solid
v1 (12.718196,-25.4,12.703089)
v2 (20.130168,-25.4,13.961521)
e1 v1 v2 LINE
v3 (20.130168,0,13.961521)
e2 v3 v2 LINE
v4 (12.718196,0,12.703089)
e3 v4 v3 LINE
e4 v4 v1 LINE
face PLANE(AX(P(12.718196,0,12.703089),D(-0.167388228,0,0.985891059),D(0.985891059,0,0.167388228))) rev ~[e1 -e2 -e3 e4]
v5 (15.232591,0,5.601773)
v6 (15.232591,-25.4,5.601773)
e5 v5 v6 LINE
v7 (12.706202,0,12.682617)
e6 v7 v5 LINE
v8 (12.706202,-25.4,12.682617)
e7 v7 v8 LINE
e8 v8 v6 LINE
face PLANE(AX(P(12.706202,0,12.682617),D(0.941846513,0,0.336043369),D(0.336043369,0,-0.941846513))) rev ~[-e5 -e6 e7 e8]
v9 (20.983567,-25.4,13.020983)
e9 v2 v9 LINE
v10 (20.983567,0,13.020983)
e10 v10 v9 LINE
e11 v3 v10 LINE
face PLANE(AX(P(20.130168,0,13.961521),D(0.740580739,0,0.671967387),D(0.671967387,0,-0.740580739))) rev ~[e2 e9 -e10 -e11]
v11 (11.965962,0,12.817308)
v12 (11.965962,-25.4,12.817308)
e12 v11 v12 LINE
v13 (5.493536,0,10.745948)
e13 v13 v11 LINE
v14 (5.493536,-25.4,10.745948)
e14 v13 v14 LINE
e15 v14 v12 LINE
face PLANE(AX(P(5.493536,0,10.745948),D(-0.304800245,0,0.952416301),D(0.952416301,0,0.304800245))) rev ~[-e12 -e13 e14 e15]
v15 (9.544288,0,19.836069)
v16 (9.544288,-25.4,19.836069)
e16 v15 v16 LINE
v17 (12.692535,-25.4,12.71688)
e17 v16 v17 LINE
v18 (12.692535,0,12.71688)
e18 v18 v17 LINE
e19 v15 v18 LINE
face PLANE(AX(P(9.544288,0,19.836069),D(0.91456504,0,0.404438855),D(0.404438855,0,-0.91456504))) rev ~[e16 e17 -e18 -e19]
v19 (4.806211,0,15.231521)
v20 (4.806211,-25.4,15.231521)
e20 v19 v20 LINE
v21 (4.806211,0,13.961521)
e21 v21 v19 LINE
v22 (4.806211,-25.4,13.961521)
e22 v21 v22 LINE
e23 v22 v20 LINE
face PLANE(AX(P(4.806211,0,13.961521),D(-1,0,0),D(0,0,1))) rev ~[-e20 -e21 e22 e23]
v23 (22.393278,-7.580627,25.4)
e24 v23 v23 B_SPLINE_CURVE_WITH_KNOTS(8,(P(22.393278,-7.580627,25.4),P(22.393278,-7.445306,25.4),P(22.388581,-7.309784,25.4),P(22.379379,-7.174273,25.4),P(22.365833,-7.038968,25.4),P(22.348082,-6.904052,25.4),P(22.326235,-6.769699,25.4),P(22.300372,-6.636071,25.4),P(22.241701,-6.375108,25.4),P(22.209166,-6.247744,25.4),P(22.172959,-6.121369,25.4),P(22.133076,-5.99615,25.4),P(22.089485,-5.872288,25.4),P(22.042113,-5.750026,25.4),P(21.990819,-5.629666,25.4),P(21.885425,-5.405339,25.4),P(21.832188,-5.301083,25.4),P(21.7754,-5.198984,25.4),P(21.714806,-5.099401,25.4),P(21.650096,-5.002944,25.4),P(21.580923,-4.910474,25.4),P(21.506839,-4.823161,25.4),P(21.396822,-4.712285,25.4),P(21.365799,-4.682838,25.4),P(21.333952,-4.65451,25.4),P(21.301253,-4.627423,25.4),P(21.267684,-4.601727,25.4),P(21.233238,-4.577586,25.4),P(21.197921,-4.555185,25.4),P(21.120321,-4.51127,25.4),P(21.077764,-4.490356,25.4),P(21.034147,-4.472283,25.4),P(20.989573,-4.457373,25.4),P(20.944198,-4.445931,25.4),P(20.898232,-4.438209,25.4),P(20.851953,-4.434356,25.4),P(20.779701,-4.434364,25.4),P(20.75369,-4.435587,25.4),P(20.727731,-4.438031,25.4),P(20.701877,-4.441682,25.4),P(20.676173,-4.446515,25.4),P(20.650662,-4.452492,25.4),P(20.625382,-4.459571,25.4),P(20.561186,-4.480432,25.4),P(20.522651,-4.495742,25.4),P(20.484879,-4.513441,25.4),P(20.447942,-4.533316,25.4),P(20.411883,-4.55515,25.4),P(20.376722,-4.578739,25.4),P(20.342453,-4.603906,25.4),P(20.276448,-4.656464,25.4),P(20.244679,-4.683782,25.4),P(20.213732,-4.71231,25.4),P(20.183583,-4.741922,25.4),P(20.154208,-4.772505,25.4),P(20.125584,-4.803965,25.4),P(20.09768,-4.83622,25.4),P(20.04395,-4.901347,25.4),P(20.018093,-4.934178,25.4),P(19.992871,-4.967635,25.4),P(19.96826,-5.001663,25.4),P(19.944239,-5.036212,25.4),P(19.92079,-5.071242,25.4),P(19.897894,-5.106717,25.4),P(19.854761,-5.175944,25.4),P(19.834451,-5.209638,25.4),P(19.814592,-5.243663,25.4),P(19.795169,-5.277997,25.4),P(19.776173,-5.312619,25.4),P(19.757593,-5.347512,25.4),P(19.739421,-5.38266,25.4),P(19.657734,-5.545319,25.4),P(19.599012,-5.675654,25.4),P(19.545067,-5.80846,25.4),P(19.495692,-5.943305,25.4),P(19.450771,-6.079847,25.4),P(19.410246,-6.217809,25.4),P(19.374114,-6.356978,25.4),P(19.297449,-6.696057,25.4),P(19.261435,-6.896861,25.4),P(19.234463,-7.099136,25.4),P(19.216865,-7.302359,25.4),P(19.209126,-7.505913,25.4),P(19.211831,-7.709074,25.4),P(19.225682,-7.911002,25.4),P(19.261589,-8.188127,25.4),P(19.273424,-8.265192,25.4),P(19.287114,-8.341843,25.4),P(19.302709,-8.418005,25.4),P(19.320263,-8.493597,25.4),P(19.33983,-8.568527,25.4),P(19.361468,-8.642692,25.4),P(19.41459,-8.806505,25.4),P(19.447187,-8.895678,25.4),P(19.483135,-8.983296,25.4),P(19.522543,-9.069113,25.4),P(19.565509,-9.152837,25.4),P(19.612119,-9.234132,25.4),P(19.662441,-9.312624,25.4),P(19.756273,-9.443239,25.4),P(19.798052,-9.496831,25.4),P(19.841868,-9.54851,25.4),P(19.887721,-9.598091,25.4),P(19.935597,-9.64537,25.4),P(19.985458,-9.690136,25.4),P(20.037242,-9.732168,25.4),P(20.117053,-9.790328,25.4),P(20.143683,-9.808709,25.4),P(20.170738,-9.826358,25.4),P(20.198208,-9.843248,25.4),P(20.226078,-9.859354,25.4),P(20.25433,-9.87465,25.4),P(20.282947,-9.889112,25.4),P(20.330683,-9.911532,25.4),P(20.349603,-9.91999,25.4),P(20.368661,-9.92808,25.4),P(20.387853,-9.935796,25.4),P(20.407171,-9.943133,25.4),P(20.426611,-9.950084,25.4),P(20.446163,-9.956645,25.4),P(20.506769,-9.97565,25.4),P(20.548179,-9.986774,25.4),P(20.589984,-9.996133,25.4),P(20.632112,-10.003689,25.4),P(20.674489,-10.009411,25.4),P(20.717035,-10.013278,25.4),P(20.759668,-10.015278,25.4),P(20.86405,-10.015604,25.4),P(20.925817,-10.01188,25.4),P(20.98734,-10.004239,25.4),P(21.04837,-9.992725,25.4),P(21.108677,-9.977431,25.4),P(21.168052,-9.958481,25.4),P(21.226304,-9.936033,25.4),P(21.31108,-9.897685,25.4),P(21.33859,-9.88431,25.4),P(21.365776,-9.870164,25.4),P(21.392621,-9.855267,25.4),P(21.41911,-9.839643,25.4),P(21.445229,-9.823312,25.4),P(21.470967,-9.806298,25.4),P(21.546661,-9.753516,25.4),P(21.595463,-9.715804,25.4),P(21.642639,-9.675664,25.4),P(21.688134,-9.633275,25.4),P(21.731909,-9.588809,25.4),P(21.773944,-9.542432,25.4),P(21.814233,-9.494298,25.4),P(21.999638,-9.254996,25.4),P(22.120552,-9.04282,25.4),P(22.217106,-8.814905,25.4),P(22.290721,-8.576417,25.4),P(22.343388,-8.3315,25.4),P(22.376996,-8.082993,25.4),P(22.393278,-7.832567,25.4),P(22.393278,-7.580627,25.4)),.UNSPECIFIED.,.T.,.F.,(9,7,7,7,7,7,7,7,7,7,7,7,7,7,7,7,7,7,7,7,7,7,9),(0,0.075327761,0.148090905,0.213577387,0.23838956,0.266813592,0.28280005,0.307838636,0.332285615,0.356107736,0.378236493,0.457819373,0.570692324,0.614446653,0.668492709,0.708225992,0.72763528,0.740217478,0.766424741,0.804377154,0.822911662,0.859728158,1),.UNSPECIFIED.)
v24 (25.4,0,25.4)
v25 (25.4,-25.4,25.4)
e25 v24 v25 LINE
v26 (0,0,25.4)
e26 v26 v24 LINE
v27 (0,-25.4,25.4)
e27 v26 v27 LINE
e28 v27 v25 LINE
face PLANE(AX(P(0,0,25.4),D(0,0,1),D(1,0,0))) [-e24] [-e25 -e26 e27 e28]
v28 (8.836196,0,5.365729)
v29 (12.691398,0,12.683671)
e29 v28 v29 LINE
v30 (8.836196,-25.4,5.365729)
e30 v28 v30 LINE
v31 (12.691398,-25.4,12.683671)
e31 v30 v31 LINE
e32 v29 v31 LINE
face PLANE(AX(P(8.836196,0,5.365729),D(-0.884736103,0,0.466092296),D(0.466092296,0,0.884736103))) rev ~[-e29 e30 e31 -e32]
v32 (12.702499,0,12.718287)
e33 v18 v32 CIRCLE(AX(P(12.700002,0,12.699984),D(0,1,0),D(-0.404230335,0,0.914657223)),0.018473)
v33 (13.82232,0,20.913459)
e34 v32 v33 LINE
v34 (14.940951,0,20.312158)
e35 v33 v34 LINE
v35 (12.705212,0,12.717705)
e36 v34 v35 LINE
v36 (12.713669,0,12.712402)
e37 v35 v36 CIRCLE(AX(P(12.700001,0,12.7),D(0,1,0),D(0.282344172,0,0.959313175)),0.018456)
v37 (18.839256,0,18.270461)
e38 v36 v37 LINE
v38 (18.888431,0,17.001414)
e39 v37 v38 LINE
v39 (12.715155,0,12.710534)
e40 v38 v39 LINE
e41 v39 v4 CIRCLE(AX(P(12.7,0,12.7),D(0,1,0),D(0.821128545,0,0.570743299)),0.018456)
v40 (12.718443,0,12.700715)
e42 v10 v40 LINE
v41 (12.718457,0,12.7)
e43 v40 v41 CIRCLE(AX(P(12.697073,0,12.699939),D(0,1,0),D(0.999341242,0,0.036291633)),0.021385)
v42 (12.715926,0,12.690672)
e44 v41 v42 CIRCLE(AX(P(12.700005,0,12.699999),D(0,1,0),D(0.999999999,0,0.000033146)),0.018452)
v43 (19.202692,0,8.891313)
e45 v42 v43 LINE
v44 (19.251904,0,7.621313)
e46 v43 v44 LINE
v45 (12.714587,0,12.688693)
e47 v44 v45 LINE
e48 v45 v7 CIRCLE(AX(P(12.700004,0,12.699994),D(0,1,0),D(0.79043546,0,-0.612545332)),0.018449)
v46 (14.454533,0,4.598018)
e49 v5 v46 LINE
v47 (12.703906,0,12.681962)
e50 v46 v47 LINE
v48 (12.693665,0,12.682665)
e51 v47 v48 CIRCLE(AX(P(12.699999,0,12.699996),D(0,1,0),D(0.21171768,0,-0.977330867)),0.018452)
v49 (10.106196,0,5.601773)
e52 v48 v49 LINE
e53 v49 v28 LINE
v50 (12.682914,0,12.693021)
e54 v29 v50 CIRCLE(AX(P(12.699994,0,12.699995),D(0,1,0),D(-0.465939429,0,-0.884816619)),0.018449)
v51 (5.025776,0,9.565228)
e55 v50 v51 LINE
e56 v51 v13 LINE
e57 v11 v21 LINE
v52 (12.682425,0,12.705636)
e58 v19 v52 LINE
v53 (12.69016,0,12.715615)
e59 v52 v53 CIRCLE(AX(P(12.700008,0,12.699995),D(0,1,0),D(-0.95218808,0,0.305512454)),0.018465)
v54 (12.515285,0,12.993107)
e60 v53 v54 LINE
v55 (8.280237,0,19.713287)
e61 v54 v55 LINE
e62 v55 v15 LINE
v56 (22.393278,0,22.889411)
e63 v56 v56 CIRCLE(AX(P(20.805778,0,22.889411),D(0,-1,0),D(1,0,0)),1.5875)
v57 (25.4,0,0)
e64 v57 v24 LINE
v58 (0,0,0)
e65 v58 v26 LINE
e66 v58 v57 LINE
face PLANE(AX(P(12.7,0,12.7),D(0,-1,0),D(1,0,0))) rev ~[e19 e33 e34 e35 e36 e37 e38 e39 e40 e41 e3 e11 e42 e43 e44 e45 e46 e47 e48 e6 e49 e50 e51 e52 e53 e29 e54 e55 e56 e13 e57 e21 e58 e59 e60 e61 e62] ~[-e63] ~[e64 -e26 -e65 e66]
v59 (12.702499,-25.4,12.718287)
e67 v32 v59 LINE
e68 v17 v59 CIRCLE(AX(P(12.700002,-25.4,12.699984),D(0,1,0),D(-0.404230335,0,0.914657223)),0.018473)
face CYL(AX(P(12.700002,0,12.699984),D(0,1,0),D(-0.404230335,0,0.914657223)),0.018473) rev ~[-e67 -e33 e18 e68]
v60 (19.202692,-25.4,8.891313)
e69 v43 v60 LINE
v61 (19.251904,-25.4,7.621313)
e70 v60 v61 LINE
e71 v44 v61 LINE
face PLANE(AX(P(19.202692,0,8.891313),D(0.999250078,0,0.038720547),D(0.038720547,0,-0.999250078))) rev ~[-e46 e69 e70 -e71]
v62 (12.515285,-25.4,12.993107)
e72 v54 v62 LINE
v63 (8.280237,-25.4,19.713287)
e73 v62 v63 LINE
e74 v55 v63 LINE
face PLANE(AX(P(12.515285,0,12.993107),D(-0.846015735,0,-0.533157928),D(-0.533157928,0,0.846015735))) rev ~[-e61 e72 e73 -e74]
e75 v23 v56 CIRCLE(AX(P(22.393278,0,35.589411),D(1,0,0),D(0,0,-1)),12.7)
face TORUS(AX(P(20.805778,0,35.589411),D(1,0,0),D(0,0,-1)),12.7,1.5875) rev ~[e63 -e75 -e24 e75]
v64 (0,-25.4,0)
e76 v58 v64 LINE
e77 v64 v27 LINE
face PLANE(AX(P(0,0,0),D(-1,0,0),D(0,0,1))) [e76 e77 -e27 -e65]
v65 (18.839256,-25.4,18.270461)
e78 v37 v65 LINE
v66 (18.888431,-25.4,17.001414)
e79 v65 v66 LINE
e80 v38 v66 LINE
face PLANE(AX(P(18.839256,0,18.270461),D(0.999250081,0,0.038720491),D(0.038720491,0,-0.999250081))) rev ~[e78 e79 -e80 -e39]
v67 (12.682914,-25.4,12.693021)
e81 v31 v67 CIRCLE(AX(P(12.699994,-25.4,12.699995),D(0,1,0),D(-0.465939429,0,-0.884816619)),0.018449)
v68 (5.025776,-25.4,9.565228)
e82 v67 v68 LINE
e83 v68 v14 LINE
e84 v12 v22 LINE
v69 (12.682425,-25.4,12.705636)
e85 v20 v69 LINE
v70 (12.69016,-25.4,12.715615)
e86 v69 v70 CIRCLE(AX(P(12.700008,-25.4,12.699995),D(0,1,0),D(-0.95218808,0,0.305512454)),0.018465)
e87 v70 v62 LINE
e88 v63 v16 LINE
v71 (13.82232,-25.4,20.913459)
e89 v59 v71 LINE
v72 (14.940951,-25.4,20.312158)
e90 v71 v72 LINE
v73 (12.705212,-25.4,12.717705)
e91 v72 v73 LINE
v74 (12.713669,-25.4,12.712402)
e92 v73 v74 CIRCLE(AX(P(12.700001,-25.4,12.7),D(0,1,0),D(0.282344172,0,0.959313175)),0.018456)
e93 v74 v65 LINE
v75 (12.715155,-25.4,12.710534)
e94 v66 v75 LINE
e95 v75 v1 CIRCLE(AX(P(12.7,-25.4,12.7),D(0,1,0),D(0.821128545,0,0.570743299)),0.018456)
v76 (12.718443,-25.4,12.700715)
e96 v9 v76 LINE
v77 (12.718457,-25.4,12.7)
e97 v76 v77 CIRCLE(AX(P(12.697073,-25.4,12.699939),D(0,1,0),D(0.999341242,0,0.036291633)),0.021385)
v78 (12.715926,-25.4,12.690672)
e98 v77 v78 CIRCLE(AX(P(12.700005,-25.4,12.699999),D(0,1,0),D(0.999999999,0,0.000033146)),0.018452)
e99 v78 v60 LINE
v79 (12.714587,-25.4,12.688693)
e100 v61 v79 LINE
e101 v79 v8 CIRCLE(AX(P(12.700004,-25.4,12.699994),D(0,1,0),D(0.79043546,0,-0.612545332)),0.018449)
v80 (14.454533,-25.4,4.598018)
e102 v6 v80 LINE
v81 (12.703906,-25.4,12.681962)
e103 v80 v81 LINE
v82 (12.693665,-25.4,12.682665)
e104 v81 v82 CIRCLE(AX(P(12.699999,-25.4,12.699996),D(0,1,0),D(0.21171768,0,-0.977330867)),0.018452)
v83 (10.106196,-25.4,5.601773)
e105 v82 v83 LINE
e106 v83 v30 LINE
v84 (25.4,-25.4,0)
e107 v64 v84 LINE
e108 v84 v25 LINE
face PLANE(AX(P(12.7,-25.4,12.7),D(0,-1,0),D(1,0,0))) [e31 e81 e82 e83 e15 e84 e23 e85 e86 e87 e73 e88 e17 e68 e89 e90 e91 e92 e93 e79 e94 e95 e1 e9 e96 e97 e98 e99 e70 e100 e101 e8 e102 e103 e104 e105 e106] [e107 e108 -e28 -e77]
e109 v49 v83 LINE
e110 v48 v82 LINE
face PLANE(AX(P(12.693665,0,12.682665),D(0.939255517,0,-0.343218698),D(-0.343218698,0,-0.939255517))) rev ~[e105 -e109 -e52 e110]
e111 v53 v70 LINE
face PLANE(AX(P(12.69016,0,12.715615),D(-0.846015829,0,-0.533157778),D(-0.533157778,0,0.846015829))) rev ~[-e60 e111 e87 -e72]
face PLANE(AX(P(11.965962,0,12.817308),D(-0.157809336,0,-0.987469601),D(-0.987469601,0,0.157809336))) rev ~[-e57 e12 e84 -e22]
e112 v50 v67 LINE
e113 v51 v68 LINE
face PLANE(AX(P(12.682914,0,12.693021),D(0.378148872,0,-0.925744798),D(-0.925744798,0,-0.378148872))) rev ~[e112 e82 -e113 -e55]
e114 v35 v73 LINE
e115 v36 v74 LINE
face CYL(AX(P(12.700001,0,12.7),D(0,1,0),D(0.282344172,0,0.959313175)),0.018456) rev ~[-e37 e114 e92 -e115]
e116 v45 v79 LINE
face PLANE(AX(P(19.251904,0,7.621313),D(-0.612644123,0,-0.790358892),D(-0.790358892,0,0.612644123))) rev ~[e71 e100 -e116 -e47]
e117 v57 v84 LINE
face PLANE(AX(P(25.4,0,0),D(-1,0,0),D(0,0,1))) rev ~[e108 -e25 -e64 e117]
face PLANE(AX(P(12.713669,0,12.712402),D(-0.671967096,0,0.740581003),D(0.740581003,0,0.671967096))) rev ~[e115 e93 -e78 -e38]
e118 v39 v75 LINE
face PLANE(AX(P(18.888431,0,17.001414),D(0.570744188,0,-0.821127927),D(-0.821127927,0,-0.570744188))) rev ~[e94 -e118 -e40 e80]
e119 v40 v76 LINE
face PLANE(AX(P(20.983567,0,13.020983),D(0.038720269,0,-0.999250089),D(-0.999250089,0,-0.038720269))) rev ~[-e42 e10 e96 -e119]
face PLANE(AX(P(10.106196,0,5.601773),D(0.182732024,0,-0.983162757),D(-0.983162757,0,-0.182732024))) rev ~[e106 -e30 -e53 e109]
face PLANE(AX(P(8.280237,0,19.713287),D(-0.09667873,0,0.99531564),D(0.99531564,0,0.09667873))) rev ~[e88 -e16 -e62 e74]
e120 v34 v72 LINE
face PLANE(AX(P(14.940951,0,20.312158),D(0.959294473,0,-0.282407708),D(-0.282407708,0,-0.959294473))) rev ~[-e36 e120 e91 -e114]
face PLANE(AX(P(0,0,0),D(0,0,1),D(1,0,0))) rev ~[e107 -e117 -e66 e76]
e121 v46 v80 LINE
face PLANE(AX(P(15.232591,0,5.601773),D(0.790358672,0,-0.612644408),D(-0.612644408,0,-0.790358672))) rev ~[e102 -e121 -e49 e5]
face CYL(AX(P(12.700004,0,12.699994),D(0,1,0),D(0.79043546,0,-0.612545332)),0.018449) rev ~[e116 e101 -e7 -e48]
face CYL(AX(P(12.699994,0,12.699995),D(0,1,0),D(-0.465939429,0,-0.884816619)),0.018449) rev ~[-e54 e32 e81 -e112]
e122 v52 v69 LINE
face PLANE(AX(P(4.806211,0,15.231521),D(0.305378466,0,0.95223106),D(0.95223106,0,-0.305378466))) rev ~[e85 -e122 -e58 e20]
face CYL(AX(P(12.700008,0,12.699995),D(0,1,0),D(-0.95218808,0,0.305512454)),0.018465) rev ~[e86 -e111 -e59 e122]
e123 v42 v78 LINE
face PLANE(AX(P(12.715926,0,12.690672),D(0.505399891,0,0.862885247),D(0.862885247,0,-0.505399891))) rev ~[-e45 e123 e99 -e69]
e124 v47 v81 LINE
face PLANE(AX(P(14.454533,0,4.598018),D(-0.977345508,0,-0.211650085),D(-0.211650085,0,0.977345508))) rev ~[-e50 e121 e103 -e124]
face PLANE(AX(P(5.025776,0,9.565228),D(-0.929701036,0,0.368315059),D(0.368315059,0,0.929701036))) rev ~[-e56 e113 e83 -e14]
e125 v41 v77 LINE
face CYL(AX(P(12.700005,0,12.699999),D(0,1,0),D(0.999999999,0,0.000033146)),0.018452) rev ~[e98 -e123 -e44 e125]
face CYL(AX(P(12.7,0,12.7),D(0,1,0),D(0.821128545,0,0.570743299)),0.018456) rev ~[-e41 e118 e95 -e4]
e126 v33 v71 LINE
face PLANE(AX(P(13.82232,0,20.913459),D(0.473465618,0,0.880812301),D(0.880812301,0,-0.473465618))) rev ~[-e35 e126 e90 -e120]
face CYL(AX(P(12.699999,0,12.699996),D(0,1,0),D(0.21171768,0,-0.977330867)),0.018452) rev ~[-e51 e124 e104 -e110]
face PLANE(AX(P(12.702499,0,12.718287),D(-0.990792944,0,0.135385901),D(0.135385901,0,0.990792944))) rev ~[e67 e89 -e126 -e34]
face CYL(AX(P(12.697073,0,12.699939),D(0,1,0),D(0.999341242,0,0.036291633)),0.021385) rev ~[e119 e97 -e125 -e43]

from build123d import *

# Parameters (mm, degrees)
F0_W     = 25.4
F0_H     = 25.4
F1_DEPTH = 25.4
F2_R     = 1.5875


with BuildPart() as f1:
    # F0 (on Front) → F1 (new body)
    with BuildSketch(Plane.XZ):
        with Locations((12.7, 12.7)):
            Rectangle(F0_W, F0_H)
        with BuildLine():
            ThreePointArc((12.705212, 12.717705), (12.709806, 12.715636), (12.713669, 12.712402))
            Line((12.713669, 12.712402), (18.839256, 18.270461))
            Line((18.839256, 18.270461), (18.888431, 17.001414))
            Line((18.888431, 17.001414), (12.715155, 12.710534))
            ThreePointArc((12.715155, 12.710534), (12.717086, 12.706979), (12.718196, 12.703089))
            Line((12.718196, 12.703089), (20.130168, 13.961521))
            Line((20.130168, 13.961521), (20.983567, 13.020983))
            Line((20.983567, 13.020983), (12.718443, 12.700715))
            ThreePointArc((12.718443, 12.700715), (12.718453, 12.700357), (12.718457, 12.7))
            ThreePointArc((12.718457, 12.7), (12.717813, 12.695167), (12.715926, 12.690672))
            Line((12.715926, 12.690672), (19.202692, 8.891313))
            Line((19.202692, 8.891313), (19.251904, 7.621313))
            Line((19.251904, 7.621313), (12.714587, 12.688693))
            ThreePointArc((12.714587, 12.688693), (12.71083, 12.685055), (12.706202, 12.682617))
            Line((12.706202, 12.682617), (15.232591, 5.601773))
            Line((15.232591, 5.601773), (14.454533, 4.598018))
            Line((14.454533, 4.598018), (12.703906, 12.681962))
            ThreePointArc((12.703906, 12.681962), (12.698736, 12.681587), (12.693665, 12.682665))
            Line((12.693665, 12.682665), (10.106196, 5.601773))
            Line((10.106196, 5.601773), (8.836196, 5.365729))
            Line((8.836196, 5.365729), (12.691398, 12.683671))
            ThreePointArc((12.691398, 12.683671), (12.686331, 12.687598), (12.682914, 12.693021))
            Line((12.682914, 12.693021), (5.025776, 9.565228))
            Line((5.025776, 9.565228), (5.493536, 10.745948))
            Line((5.493536, 10.745948), (11.965962, 12.817308))
            Line((11.965962, 12.817308), (4.806211, 13.961521))
            Line((4.806211, 13.961521), (4.806211, 15.231521))
            Line((4.806211, 15.231521), (12.682425, 12.705636))
            ThreePointArc((12.682425, 12.705636), (12.685413, 12.711307), (12.69016, 12.715615))
            Line((12.69016, 12.715615), (12.515285, 12.993107))
            Line((12.515285, 12.993107), (8.280237, 19.713287))
            Line((8.280237, 19.713287), (9.544288, 19.836069))
            Line((9.544288, 19.836069), (12.692535, 12.71688))
            ThreePointArc((12.692535, 12.71688), (12.697419, 12.718275), (12.702499, 12.718287))
            Line((12.702499, 12.718287), (13.82232, 20.913459))
            Line((13.82232, 20.913459), (14.940951, 20.312158))
            Line((14.940951, 20.312158), (12.705212, 12.717705))
        make_face(mode=Mode.SUBTRACT)
    extrude(amount=F1_DEPTH)

    # F2 (on Front) → F3 (revolve, cut)
    with BuildSketch(Plane.XZ):
        with Locations((20.805778, 22.889411)):
            Circle(F2_R)
    revolve(axis=Axis((14.381558, 0, 35.589411), (1, 0, 0)), mode=Mode.SUBTRACT)


solid = f1.part
